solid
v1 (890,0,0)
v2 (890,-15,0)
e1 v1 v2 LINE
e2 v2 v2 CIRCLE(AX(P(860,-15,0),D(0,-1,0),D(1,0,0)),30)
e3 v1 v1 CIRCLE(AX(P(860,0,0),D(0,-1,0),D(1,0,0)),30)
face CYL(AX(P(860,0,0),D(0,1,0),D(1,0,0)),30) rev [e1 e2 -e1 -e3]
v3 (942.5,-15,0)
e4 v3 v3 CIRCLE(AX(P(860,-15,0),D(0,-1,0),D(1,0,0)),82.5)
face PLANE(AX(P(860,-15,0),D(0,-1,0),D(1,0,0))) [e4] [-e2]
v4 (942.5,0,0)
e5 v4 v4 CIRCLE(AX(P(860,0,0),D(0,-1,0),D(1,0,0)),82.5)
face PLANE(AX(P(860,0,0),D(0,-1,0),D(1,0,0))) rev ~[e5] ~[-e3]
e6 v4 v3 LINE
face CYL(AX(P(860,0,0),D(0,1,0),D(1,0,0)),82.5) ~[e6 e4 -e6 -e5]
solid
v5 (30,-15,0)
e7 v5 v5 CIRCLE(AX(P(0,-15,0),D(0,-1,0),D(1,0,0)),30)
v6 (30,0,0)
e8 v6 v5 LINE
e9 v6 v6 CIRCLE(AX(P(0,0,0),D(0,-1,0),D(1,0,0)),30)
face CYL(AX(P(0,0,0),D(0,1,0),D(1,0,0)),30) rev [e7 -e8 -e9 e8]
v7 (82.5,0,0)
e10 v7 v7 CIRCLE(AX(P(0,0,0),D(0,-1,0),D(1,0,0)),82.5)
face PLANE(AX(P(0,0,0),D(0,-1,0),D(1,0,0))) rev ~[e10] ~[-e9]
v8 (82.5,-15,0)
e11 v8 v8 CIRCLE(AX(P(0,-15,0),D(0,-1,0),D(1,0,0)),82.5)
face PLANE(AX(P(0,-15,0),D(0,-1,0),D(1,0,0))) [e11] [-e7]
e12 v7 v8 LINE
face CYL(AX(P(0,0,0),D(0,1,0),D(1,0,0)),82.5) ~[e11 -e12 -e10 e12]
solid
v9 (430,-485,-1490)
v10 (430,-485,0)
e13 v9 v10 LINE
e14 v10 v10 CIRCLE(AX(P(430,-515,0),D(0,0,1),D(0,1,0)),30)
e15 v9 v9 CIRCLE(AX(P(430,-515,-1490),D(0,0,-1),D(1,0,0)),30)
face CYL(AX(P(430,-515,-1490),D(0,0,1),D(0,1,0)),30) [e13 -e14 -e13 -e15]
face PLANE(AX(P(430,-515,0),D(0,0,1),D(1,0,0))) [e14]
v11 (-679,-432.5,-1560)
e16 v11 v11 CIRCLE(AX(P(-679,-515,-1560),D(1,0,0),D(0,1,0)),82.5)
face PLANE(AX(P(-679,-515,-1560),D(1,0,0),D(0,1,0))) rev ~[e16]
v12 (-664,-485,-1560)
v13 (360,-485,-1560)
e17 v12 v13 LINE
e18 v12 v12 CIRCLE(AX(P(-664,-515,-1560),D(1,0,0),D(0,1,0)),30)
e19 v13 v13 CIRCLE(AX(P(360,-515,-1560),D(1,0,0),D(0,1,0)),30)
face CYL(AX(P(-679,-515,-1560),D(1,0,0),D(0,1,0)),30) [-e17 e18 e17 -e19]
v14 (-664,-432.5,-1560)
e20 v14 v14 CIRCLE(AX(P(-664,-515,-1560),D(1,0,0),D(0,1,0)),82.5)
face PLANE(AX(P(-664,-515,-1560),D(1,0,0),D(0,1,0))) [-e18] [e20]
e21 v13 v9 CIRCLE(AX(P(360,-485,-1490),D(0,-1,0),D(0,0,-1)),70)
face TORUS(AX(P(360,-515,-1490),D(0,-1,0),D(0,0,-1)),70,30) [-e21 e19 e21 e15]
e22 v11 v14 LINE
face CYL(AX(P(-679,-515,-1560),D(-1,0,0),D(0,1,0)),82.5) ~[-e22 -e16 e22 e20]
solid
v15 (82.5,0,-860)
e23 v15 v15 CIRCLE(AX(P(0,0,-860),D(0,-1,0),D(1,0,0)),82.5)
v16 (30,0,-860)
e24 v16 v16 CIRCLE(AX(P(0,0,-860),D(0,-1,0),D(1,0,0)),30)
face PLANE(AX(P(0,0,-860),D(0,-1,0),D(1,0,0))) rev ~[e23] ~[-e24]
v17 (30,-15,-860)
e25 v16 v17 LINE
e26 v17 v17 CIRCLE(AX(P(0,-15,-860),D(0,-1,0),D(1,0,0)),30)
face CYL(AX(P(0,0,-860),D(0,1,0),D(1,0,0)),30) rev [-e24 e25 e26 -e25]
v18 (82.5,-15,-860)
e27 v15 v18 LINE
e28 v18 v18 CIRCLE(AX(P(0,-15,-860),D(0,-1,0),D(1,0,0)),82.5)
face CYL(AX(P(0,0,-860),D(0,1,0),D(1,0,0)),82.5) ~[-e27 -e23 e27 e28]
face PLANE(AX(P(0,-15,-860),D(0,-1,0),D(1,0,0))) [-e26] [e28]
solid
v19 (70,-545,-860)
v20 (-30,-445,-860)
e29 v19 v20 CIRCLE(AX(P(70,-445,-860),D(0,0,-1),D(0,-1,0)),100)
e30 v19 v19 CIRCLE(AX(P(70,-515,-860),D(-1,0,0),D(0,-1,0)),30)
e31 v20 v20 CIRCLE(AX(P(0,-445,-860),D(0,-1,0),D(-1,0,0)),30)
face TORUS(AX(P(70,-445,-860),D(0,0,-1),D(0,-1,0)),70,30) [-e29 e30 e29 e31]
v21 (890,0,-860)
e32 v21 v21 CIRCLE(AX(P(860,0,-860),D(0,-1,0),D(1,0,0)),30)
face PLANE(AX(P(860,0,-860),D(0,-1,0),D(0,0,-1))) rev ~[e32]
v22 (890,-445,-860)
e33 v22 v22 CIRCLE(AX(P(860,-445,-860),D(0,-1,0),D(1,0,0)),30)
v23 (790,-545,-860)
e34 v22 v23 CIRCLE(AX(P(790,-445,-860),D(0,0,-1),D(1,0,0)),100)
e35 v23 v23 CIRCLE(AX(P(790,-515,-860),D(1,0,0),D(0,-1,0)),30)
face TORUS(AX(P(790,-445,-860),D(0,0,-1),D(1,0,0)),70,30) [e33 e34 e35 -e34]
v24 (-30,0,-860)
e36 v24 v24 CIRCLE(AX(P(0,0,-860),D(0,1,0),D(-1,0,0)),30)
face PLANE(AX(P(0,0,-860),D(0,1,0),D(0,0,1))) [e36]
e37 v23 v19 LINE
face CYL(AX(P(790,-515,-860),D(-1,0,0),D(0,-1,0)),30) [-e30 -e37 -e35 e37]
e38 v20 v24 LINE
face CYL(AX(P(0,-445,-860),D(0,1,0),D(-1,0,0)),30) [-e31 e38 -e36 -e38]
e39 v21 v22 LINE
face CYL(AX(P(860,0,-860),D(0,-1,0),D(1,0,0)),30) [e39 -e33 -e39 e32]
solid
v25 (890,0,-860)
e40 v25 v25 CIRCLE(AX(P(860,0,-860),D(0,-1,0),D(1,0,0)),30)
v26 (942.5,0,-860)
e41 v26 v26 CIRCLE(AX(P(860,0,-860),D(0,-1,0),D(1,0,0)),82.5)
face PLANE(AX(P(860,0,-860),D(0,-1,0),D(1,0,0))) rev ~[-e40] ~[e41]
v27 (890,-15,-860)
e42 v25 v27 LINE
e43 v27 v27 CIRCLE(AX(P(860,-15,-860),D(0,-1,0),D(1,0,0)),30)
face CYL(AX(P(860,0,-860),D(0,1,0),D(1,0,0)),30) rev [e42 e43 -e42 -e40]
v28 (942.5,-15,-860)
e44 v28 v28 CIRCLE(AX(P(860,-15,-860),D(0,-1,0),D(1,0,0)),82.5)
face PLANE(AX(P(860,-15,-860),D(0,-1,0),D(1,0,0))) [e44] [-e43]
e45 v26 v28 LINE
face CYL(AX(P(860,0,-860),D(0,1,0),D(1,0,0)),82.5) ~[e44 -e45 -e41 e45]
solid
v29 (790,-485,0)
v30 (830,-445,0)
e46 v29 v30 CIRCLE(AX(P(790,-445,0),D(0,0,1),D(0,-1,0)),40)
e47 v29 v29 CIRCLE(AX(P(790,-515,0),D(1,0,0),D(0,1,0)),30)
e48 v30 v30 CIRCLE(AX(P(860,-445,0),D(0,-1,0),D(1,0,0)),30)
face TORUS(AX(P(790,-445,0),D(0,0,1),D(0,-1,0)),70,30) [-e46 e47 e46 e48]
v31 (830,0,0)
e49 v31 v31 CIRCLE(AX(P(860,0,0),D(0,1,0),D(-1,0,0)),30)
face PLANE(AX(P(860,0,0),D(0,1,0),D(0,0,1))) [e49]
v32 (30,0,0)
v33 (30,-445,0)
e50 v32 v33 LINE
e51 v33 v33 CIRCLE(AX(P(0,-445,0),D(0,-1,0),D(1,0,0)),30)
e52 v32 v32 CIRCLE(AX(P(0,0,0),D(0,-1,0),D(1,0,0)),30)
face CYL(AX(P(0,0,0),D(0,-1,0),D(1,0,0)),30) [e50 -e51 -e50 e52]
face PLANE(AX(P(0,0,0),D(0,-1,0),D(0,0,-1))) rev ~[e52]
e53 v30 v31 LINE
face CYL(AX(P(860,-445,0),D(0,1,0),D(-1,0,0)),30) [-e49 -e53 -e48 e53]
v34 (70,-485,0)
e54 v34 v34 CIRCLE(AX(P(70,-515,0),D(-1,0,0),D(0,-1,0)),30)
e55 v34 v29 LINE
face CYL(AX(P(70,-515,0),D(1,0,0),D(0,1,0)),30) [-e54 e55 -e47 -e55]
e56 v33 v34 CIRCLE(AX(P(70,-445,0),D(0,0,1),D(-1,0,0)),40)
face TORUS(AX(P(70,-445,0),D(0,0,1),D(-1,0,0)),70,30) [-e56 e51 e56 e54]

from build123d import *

# Parameters (mm, degrees)
F0_R      = 30
F10_R     = 30
F0_R_2    = 82.5
F14_DEPTH = 15
F10_R_2   = 82.5
F15_DEPTH = 15


with BuildPart() as f11:
    # F11: sweep along a path in F11_path
    with BuildLine(Plane(origin=(0, 0, 0), x_dir=(0, -1, 0), z_dir=(0, 0, -1))) as f11_path:
        Line((0, 0), (445, 0))
        ThreePointArc((445, 0), (494.4974746831, -20.5025253169), (515, -70))
        Line((515, -70), (515, -790))
        ThreePointArc((515, -790), (494.4974746831, -839.4974746831), (445, -860))
        Line((445, -860), (0, -860))
    # F0 (on Front) → F11 (sweep)
    with BuildSketch(Plane.XZ):
        Circle(F0_R)
    sweep(path=f11_path.line)


with BuildPart() as f12:
    # F12: sweep along a path in F12_path
    with BuildLine(Plane(origin=(860, 0, -860), x_dir=(0, 1, 0), z_dir=(0, 0, 1))) as f12_path:
        Line((0, 0), (-445, 0))
        ThreePointArc((-445, 0), (-494.4974746831, 20.5025253169), (-515, 70))
        Line((-515, 70), (-515, 790))
        ThreePointArc((-515, 790), (-494.4974746831, 839.4974746831), (-445, 860))
        Line((-445, 860), (0, 860))
    # F0 (on Front) → F12 (sweep)
    with BuildSketch(Plane.XZ):
        with Locations((860, -860)):
            Circle(F0_R)
    sweep(path=f12_path.line)


with BuildPart() as f13:
    # F13: sweep along a path in F8
    with BuildLine(Plane.XZ.offset(515)) as f13_path:
        Line((-679, -1560), (360, -1560))
        ThreePointArc((360, -1560), (409.4974746831, -1539.4974746831), (430, -1490))
        Line((430, -1490), (430, -860))
        Line((430, -860), (430, 0))
    # F10 (on offset) → F13 (sweep)
    with BuildSketch(Plane.YZ.offset(-679)):
        with Locations((-515, -1560)):
            Circle(F10_R)
    sweep(path=f13_path.line)

    # F10 (on offset) → F15 (join)
    with BuildSketch(Plane.YZ.offset(-679)):
        with Locations((-515, -1560)):
            Circle(F10_R_2)
        with Locations((-515, -1560)):
            Circle(F10_R, mode=Mode.SUBTRACT)
    extrude(amount=F15_DEPTH)


with BuildPart() as f14:
    # F0 (on Front) → F14 (new body)
    with BuildSketch(Plane.XZ):
        Circle(F0_R_2)
        Circle(F0_R, mode=Mode.SUBTRACT)
    extrude(amount=F14_DEPTH)


with BuildPart() as f14b:
    # F0 (on Front) → F14, piece 2 (new body)
    with BuildSketch(Plane.XZ):
        with Locations((860, 0)):
            Circle(F0_R_2)
        with Locations((860, 0)):
            Circle(F0_R, mode=Mode.SUBTRACT)
    extrude(amount=F14_DEPTH)


with BuildPart() as f14c:
    # F0 (on Front) → F14, piece 3 (new body)
    with BuildSketch(Plane.XZ):
        with Locations((0, -860)):
            Circle(F0_R_2)
        with Locations((0, -860)):
            Circle(F0_R, mode=Mode.SUBTRACT)
    extrude(amount=F14_DEPTH)


with BuildPart() as f14d:
    # F0 (on Front) → F14, piece 4 (new body)
    with BuildSketch(Plane.XZ):
        with Locations((860, -860)):
            Circle(F0_R_2)
        with Locations((860, -860)):
            Circle(F0_R, mode=Mode.SUBTRACT)
    extrude(amount=F14_DEPTH)


solid = Compound([f11.part, f12.part, f13.part, f14.part, f14b.part, f14c.part, f14d.part])
